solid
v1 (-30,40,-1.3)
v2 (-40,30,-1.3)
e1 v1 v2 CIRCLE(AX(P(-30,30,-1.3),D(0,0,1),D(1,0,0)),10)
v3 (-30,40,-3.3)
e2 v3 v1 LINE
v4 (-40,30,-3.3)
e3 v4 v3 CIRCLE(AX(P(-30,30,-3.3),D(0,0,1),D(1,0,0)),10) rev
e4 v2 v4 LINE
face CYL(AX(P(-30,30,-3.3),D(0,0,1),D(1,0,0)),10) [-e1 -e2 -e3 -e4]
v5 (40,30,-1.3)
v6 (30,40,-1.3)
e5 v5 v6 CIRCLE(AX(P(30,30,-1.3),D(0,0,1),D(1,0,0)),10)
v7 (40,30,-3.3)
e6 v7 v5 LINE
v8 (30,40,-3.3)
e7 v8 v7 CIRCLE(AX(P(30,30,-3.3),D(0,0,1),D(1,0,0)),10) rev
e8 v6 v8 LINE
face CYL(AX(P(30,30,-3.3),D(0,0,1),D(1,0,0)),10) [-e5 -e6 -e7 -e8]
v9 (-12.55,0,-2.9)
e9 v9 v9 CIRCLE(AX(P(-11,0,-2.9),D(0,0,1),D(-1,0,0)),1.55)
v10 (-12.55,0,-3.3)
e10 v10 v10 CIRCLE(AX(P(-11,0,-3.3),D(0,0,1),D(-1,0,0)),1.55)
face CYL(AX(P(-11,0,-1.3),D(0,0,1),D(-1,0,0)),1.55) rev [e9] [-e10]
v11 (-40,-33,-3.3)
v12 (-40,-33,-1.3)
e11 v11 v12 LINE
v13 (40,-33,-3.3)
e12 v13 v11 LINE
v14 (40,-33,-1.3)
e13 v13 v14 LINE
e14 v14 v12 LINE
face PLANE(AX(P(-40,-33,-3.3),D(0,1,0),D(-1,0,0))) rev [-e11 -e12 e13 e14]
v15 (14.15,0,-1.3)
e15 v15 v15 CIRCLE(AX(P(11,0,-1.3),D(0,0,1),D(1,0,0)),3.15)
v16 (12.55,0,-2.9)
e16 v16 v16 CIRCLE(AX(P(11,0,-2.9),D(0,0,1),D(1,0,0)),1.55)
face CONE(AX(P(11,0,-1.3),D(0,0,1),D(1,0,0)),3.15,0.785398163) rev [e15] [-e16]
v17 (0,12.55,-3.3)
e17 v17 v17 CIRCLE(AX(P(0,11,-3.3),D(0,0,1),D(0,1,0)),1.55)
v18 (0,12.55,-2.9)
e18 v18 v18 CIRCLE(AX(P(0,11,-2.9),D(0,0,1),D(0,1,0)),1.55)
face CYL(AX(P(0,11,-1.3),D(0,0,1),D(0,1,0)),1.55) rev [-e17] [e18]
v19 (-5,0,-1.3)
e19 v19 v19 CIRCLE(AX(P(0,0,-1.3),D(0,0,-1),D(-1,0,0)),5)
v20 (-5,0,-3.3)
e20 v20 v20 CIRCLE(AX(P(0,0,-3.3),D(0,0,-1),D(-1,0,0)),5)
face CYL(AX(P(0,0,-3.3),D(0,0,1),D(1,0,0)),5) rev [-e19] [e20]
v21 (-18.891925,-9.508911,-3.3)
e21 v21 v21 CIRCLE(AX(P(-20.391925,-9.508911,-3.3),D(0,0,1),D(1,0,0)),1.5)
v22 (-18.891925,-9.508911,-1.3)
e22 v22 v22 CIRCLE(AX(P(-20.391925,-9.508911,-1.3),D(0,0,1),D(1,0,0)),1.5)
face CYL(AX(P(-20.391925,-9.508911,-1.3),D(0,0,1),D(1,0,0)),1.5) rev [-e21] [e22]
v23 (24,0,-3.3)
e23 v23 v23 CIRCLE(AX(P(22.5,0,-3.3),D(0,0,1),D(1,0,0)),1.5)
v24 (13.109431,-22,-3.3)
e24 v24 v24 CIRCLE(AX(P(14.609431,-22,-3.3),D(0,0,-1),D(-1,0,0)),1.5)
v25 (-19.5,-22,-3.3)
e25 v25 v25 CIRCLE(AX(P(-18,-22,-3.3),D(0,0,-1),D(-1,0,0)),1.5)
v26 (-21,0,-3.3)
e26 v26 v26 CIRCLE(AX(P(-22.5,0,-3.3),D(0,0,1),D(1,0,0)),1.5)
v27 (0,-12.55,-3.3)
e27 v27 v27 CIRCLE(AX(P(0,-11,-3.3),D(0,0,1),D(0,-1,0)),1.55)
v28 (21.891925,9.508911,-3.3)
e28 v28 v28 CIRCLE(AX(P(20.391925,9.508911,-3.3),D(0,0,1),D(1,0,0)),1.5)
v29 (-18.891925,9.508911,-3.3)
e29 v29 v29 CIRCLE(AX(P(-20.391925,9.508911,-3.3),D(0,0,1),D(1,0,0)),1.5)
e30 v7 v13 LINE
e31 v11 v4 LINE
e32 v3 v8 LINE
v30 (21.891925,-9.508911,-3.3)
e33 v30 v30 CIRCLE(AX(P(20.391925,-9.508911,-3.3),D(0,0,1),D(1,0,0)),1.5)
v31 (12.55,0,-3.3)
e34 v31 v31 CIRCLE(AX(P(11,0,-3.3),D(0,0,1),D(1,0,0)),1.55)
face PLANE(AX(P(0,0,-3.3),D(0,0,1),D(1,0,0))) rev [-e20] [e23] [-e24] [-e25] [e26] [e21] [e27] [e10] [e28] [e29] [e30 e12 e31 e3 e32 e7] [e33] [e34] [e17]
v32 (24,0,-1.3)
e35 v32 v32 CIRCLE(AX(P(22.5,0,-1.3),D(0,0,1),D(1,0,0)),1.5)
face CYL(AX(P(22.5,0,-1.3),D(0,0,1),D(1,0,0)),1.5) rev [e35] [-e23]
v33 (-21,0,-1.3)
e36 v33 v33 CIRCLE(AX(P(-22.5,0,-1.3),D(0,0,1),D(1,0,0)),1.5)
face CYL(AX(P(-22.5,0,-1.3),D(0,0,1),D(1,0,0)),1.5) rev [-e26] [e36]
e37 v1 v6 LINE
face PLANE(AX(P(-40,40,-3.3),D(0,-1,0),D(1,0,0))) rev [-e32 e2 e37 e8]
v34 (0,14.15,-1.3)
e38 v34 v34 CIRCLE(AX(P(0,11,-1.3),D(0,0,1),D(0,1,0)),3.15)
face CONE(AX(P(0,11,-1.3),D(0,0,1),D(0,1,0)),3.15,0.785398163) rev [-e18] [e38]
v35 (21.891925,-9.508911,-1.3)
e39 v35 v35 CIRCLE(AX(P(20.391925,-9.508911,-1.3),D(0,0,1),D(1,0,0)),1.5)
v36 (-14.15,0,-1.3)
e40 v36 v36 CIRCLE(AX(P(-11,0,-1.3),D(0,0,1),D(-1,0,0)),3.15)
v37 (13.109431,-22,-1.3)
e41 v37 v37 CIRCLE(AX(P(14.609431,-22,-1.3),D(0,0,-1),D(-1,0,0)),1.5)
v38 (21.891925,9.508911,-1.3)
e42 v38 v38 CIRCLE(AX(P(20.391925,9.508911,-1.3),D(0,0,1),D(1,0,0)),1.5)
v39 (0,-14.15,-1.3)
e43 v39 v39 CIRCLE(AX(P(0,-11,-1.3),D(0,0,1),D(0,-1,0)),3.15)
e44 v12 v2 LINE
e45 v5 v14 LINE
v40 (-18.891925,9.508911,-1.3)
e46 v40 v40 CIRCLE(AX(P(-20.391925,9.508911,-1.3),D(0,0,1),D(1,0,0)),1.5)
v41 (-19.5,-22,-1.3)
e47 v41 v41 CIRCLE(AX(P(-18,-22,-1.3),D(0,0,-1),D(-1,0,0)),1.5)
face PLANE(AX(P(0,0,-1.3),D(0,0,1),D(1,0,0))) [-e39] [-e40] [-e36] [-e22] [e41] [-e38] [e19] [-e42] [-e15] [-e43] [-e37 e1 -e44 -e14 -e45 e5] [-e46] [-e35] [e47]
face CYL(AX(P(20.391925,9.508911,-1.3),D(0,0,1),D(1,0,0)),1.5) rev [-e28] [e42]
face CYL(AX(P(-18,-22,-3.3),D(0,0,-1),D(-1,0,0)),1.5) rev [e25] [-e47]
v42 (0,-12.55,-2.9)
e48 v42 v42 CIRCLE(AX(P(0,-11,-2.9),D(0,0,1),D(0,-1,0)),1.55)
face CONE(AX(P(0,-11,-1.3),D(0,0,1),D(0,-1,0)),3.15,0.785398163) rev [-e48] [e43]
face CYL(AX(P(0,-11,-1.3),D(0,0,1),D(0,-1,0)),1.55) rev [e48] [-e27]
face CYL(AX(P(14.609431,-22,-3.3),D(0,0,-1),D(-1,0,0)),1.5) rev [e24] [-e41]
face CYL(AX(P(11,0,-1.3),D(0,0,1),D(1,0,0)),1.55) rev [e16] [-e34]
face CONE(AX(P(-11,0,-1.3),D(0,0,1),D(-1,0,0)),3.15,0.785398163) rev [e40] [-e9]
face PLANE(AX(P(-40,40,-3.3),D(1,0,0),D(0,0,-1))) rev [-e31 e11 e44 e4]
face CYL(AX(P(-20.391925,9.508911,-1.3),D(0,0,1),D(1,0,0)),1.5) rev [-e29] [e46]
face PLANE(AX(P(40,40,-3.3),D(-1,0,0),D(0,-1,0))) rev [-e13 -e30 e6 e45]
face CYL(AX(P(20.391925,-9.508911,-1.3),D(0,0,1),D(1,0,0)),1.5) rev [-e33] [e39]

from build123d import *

# Parameters (mm, degrees)
SKETCH_1_W               = 80
SKETCH_1_H               = 73
SKETCH_1_R               = 5
EXTRUDE_1_DEPTH          = 2
PATTERN_CIRCULAR_1_COUNT = 4
FILLET_1_R               = 10
MM_TRANSITIONAL_1_D      = 3
MM_TRANSITIONAL_2_D      = 3


with BuildPart() as part:
    # 草图1 → 凸台-拉伸1 (new body)
    with BuildSketch(Plane(origin=(0, 0, -1.3), x_dir=(-1, 0, 0), z_dir=(0, 0, -1))):
        with Locations((0, 3.5)):
            Rectangle(SKETCH_1_W, SKETCH_1_H)
        Circle(SKETCH_1_R, mode=Mode.SUBTRACT)
    extrude(amount=EXTRUDE_1_DEPTH)

    # 草图3 → 打孔尺寸(%根据十字)槽沉头自攻螺钉的类型1 (revolve, cut)
    with BuildSketch(Plane(origin=(11, 0, -1.3), x_dir=(0, -1, 0), z_dir=(1, 0, 0))):
        Polygon((0, 0), (0, 5.431333959), (1.55, 4.5), (1.55, 1.6), (3.15, 0), align=None)
    hole_wizard_1 = revolve(axis=Axis((11, 0, 5.05), (0, 0, -1)), mode=Mode.SUBTRACT)

    # 阵列(圆周)1: 打孔尺寸(%根据十字)槽沉头自攻螺钉的类型1 ×4 about axis
    pattern_circular_1_axis = Axis((0, 0, 0), (0, 0, 1))
    for i in range(1, PATTERN_CIRCULAR_1_COUNT):
        add(hole_wizard_1.rotate(pattern_circular_1_axis, i * 360 / PATTERN_CIRCULAR_1_COUNT), mode=Mode.SUBTRACT)

    # 圆角1
    fillet_1_edges = [part.edges().sort_by_distance(p)[0] for p in [
        (40, 40, -2.3),
        (-40, 40, -2.3),
    ]]
    fillet(fillet_1_edges, radius=FILLET_1_R)

    # 大小mm Transitional 暗销孔1 (through all)
    with Locations(Plane(origin=(0, 0, -3.3), x_dir=(-1, 0, 0), z_dir=(0, 0, -1))):
        with Locations((-14.60943136, -22), (18, -22)):
            Hole(MM_TRANSITIONAL_1_D / 2)

    # 大小mm Transitional 暗销孔2 (through all)
    with Locations(Plane.XY.offset(-1.3)):
        with Locations((-20.391925208, -9.508910889), (-22.5, 0), (-20.391925208, 9.508910889), (20.391925208, -9.508910889), (22.5, 0), (20.391925208, 9.508910889)):
            Hole(MM_TRANSITIONAL_2_D / 2)


solid = part.part
